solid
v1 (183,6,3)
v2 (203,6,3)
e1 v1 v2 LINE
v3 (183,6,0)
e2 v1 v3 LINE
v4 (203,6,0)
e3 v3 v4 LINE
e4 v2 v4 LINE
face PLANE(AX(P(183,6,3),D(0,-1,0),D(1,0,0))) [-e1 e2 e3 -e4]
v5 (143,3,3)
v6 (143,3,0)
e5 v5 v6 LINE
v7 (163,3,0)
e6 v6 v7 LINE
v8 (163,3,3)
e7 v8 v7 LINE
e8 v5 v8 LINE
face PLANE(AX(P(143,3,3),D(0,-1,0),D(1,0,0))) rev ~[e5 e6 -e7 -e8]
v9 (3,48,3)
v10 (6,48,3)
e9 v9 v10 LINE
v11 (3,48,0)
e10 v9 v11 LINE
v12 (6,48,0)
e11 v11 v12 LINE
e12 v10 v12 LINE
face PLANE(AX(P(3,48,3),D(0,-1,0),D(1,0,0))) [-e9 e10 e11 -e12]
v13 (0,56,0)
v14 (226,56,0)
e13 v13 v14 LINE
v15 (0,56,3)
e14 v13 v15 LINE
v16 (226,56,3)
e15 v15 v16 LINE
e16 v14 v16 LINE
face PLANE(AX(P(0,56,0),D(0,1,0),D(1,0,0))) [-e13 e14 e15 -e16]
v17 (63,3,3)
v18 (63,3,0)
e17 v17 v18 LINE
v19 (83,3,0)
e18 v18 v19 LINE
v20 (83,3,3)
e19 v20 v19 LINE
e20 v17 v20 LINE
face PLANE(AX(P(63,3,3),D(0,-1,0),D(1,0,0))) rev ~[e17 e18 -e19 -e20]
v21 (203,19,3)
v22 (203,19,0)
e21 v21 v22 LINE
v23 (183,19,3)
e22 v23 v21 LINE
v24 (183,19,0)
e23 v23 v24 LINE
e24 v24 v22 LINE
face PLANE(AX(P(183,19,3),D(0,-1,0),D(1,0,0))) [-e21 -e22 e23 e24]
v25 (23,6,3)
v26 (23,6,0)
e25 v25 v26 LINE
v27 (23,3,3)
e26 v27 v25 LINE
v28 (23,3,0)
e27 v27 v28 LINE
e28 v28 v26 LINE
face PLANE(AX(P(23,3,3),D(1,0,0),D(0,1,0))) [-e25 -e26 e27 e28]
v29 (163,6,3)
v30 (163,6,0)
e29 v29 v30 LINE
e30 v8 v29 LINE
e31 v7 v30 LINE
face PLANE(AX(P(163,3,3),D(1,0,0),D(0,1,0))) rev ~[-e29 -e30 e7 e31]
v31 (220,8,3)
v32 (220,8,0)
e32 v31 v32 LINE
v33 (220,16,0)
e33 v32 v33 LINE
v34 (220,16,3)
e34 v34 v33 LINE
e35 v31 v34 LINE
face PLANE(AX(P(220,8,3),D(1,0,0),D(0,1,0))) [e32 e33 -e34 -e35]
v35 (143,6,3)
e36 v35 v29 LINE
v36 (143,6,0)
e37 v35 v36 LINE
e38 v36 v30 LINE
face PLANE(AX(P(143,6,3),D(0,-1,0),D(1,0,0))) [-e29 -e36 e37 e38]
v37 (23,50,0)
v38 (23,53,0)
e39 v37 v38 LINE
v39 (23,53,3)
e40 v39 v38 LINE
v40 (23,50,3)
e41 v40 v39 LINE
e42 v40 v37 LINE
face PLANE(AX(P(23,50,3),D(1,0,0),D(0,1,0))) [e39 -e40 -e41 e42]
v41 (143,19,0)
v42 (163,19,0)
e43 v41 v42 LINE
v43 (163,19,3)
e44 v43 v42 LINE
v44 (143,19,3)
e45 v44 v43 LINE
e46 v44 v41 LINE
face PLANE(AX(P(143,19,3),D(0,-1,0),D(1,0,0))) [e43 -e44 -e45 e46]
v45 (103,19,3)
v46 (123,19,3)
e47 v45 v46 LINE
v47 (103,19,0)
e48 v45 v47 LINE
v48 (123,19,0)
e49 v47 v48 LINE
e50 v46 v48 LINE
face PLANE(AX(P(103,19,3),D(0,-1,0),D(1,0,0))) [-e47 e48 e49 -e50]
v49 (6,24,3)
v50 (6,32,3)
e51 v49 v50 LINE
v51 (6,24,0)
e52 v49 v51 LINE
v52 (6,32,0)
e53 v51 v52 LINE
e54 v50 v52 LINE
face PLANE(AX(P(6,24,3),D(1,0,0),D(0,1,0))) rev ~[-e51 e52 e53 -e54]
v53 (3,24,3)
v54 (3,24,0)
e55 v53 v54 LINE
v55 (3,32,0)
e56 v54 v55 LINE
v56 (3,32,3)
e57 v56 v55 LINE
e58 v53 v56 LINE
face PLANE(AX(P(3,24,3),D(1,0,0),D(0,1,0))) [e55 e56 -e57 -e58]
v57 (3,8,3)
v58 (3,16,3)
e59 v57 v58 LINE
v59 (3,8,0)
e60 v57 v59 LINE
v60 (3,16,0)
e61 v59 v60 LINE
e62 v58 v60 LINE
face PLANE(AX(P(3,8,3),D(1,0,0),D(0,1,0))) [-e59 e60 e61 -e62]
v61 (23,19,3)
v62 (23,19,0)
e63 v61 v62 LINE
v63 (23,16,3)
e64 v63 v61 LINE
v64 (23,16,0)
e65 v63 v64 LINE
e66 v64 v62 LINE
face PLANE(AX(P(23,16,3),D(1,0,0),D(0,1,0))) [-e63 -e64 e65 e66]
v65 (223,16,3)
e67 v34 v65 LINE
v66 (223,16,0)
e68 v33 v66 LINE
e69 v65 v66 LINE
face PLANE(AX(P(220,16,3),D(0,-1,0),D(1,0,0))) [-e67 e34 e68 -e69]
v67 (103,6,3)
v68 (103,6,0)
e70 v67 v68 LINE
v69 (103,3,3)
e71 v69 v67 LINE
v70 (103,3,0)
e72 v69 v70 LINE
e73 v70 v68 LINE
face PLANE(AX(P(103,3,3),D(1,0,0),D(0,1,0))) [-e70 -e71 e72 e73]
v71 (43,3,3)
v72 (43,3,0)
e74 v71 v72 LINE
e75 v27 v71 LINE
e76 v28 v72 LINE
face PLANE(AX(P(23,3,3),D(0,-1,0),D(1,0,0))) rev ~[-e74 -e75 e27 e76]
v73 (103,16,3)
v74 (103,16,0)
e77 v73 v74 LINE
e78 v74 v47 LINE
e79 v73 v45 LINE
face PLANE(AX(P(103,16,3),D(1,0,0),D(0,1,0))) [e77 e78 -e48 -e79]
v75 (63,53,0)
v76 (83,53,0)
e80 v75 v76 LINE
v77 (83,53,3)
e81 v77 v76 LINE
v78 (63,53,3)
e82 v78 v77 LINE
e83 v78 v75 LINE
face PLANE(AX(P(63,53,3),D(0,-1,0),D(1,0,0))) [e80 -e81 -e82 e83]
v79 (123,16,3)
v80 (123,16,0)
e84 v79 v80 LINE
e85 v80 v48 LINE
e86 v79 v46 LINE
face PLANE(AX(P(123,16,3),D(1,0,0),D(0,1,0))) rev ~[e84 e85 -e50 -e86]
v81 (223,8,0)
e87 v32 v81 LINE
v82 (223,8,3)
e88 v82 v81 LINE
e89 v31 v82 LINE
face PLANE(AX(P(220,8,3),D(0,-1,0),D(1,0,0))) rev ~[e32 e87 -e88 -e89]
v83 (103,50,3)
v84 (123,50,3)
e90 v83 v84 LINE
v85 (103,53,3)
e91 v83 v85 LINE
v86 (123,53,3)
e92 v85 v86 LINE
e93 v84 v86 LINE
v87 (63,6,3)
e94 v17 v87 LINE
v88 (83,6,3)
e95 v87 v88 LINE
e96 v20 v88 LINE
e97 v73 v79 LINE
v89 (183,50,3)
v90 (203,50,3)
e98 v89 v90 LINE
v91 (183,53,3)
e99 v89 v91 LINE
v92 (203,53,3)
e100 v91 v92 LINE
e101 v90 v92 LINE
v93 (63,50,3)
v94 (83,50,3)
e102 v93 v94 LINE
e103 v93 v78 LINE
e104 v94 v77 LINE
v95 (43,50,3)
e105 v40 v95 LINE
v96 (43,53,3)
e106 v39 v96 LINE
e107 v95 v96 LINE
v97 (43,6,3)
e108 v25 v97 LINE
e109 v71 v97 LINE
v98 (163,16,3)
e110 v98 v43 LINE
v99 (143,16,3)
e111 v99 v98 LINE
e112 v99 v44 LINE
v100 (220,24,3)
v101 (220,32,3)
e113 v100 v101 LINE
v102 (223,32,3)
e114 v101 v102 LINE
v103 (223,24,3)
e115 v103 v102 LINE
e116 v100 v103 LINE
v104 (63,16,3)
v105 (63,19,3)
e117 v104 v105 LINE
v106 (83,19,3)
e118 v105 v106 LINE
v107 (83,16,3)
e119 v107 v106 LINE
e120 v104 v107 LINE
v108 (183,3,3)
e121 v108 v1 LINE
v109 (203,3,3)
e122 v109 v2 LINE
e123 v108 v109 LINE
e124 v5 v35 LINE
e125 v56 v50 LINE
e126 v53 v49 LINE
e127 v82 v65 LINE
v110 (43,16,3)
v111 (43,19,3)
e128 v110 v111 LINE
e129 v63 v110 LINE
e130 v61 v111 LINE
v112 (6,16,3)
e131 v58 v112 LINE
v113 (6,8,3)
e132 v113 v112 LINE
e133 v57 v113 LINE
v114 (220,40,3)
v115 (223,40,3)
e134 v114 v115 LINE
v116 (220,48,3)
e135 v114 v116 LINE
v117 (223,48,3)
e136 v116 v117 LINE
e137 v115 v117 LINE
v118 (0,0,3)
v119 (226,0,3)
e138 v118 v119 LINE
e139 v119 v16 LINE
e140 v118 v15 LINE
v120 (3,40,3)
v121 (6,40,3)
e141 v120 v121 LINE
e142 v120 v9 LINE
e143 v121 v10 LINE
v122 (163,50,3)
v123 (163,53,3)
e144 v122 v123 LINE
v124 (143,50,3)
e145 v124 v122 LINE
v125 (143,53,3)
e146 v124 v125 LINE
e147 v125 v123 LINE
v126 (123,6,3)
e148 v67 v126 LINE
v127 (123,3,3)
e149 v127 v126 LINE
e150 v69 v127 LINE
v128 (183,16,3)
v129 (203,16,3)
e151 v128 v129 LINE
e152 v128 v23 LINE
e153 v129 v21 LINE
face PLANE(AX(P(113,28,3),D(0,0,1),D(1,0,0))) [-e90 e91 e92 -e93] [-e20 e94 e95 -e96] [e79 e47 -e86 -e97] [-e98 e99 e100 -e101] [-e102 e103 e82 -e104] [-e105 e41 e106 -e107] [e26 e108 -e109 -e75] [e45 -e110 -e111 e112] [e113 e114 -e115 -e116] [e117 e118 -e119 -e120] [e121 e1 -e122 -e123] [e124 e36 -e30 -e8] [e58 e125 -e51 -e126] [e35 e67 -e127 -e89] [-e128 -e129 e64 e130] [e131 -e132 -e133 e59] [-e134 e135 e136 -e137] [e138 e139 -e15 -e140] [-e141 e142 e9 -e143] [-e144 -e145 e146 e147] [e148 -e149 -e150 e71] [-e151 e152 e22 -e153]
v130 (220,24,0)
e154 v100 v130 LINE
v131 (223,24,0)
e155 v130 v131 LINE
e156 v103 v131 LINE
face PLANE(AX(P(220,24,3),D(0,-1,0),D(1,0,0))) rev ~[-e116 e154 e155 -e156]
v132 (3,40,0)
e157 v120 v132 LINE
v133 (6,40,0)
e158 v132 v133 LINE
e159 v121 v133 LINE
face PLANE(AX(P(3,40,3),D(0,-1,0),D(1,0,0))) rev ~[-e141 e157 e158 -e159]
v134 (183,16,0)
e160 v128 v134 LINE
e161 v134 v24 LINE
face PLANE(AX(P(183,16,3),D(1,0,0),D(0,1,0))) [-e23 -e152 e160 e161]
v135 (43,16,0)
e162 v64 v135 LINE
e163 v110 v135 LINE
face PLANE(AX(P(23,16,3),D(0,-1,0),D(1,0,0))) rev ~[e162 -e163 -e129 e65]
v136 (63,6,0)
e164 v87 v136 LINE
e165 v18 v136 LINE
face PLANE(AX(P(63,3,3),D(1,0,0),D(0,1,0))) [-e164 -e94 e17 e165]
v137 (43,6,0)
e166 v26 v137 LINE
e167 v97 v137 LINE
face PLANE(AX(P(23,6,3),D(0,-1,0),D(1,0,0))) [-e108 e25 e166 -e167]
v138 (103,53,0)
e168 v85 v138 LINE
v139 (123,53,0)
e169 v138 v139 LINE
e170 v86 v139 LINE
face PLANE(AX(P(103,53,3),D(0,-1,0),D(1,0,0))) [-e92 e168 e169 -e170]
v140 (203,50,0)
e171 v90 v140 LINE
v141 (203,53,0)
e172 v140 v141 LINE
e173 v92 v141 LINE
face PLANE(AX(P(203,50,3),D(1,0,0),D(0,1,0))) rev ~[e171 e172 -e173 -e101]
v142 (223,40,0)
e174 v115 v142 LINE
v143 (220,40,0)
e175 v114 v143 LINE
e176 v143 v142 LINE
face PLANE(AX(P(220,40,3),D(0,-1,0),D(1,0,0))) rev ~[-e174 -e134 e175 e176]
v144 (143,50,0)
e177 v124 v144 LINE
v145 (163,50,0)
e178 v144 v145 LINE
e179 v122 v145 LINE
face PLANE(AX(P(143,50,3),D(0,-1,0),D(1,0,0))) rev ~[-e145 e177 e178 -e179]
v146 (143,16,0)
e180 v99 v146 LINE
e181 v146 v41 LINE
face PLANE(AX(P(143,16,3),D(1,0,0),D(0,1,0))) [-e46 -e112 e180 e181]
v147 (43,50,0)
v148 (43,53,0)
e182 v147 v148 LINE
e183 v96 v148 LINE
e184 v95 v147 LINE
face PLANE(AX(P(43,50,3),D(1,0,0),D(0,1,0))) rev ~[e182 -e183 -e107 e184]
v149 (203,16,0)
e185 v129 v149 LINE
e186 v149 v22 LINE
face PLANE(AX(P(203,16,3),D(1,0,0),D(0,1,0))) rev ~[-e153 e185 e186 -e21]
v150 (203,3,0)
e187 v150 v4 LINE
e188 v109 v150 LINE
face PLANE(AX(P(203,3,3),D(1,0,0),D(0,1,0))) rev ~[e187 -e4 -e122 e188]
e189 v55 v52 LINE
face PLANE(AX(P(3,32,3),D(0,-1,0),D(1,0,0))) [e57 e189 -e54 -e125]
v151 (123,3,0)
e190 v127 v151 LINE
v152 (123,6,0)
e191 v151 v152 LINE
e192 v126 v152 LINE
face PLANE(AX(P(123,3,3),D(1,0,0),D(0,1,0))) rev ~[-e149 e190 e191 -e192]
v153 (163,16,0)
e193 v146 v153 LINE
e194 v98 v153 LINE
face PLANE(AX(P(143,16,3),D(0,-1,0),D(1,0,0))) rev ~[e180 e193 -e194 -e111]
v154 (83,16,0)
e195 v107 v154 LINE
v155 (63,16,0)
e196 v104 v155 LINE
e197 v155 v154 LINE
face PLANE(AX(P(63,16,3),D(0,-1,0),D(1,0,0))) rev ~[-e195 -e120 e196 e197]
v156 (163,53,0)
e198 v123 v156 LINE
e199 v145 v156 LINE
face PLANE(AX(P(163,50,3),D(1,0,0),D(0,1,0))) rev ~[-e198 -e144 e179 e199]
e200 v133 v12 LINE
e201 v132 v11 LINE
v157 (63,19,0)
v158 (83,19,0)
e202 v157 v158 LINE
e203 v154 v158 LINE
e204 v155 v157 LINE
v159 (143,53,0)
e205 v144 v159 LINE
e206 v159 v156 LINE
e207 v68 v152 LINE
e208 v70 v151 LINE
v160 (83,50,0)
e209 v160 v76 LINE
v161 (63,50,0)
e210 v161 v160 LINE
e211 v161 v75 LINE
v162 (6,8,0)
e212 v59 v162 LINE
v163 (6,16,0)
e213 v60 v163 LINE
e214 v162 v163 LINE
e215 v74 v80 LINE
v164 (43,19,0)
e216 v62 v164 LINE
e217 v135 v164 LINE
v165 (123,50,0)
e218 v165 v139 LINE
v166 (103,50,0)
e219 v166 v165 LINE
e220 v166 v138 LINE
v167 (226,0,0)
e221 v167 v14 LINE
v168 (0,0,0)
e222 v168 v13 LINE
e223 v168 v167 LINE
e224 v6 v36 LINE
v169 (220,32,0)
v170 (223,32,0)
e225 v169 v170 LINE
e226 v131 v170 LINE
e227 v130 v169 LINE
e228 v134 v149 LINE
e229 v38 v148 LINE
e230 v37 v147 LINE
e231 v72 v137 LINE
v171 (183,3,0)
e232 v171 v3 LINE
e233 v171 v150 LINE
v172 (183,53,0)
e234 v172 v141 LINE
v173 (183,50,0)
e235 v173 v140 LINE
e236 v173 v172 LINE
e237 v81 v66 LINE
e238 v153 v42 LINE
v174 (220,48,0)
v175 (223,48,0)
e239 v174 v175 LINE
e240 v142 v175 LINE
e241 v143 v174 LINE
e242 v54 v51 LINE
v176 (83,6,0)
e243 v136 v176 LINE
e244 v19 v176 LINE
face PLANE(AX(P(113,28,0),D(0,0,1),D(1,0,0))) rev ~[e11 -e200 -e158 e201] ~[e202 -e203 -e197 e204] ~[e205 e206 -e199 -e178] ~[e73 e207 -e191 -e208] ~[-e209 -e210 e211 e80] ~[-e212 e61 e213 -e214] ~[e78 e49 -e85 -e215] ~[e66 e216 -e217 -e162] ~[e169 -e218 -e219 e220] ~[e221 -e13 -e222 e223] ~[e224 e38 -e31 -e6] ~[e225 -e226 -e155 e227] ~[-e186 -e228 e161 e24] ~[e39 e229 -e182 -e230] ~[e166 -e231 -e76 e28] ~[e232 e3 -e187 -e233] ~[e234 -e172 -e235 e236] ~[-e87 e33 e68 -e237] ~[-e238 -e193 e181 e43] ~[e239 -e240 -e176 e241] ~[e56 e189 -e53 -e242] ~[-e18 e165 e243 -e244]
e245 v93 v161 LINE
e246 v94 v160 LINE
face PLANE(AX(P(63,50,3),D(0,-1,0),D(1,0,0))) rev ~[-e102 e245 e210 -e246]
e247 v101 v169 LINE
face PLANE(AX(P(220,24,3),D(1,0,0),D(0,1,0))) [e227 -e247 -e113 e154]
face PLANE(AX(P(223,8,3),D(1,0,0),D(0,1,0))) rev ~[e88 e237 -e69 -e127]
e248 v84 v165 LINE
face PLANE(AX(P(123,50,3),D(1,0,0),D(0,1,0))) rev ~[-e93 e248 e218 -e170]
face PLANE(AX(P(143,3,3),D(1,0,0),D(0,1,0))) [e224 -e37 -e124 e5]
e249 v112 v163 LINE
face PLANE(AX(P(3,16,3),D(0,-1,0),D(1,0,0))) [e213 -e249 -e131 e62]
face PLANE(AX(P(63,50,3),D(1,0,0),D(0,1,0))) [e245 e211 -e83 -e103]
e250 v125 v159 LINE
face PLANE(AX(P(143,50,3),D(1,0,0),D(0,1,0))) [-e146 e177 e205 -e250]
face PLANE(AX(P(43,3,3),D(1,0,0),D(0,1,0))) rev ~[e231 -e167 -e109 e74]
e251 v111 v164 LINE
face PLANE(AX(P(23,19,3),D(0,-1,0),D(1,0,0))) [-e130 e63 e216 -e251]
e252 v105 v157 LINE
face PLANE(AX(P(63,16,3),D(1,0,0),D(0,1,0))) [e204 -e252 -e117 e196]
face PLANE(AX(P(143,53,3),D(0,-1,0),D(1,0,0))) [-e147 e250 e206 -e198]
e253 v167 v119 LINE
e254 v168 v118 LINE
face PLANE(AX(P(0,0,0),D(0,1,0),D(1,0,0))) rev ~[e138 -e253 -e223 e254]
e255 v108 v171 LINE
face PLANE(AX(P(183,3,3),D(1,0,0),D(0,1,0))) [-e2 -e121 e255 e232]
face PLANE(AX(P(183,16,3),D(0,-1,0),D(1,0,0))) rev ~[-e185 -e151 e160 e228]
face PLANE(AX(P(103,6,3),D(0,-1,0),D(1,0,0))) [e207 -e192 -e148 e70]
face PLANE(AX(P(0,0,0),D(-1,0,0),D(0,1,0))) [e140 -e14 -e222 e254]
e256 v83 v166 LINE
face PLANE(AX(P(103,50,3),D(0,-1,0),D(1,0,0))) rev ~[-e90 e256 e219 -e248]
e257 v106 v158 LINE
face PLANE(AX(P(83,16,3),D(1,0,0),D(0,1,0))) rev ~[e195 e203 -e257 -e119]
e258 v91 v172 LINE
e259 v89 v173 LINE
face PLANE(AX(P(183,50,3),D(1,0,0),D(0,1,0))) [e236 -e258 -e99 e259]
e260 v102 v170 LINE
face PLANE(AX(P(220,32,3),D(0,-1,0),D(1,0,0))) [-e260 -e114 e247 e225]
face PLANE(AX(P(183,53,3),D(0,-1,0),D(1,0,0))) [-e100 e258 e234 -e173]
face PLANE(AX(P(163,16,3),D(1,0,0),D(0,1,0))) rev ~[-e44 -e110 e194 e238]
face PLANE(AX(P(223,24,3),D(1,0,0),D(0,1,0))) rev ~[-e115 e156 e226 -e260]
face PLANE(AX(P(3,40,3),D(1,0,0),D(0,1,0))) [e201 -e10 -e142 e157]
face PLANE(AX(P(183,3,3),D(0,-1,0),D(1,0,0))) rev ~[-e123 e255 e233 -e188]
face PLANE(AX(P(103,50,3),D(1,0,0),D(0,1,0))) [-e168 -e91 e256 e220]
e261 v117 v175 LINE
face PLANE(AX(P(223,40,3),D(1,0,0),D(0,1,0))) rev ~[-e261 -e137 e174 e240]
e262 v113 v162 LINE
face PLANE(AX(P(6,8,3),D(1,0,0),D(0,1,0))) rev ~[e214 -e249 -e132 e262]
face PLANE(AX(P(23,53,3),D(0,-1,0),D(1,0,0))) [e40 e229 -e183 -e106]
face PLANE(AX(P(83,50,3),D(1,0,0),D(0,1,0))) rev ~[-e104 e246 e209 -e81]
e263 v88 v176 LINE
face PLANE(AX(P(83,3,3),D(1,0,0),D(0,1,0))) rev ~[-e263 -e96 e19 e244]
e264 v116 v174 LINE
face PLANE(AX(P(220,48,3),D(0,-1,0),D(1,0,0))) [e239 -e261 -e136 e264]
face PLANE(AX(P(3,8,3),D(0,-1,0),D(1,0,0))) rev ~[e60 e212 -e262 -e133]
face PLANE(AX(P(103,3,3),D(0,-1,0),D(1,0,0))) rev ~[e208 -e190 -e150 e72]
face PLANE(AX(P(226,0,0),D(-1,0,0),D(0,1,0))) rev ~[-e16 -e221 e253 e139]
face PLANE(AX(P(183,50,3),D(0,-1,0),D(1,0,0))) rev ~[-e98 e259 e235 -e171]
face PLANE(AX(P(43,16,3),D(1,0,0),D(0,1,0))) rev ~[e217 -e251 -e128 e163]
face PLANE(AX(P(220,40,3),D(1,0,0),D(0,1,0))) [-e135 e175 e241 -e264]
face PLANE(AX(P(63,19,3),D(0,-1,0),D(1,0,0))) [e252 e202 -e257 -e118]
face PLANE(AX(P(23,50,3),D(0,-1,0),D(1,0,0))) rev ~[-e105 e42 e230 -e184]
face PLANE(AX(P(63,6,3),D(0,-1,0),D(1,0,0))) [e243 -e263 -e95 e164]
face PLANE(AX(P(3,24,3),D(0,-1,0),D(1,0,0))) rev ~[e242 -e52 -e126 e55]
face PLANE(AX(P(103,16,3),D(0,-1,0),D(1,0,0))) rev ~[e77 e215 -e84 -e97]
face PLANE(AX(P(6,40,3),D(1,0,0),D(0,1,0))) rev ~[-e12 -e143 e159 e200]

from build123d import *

# Parameters (mm, degrees)
SKETCH_W      = 226
SKETCH_H      = 56
PAD_DEPTH     = 3
SKETCH001_W   = 20
SKETCH001_H   = 3
SKETCH001_W_2 = 3
SKETCH001_H_2 = 8
POCKET_DEPTH  = 5


with BuildPart() as part:
    # Sketch → Pad (new body)
    with BuildSketch(Plane.XY):
        with Locations((113, 28)):
            Rectangle(SKETCH_W, SKETCH_H)
    extrude(amount=PAD_DEPTH)

    # Sketch001 (on Face6 of Pad) → Pocket (cut)
    with BuildSketch(Plane.XY.offset(3)):
        with Locations((33, 4.5)):
            Rectangle(SKETCH001_W, SKETCH001_H)
        with Locations((73, 4.5)):
            Rectangle(SKETCH001_W, SKETCH001_H)
        with Locations((113, 4.5)):
            Rectangle(SKETCH001_W, SKETCH001_H)
        with Locations((153, 4.5)):
            Rectangle(SKETCH001_W, SKETCH001_H)
        with Locations((193, 4.5)):
            Rectangle(SKETCH001_W, SKETCH001_H)
        with Locations((33, 17.5)):
            Rectangle(SKETCH001_W, SKETCH001_H)
        with Locations((73, 17.5)):
            Rectangle(SKETCH001_W, SKETCH001_H)
        with Locations((113, 17.5)):
            Rectangle(SKETCH001_W, SKETCH001_H)
        with Locations((153, 17.5)):
            Rectangle(SKETCH001_W, SKETCH001_H)
        with Locations((193, 17.5)):
            Rectangle(SKETCH001_W, SKETCH001_H)
        with Locations((33, 51.5)):
            Rectangle(SKETCH001_W, SKETCH001_H)
        with Locations((73, 51.5)):
            Rectangle(SKETCH001_W, SKETCH001_H)
        with Locations((113, 51.5)):
            Rectangle(SKETCH001_W, SKETCH001_H)
        with Locations((153, 51.5)):
            Rectangle(SKETCH001_W, SKETCH001_H)
        with Locations((193, 51.5)):
            Rectangle(SKETCH001_W, SKETCH001_H)
        with Locations((4.5, 12)):
            Rectangle(SKETCH001_W_2, SKETCH001_H_2)
        with Locations((4.5, 28)):
            Rectangle(SKETCH001_W_2, SKETCH001_H_2)
        with Locations((4.5, 44)):
            Rectangle(SKETCH001_W_2, SKETCH001_H_2)
        with Locations((221.5, 12)):
            Rectangle(SKETCH001_W_2, SKETCH001_H_2)
        with Locations((221.5, 28)):
            Rectangle(SKETCH001_W_2, SKETCH001_H_2)
        with Locations((221.5, 44)):
            Rectangle(SKETCH001_W_2, SKETCH001_H_2)
    extrude(amount=-POCKET_DEPTH, mode=Mode.SUBTRACT)


solid = part.part
